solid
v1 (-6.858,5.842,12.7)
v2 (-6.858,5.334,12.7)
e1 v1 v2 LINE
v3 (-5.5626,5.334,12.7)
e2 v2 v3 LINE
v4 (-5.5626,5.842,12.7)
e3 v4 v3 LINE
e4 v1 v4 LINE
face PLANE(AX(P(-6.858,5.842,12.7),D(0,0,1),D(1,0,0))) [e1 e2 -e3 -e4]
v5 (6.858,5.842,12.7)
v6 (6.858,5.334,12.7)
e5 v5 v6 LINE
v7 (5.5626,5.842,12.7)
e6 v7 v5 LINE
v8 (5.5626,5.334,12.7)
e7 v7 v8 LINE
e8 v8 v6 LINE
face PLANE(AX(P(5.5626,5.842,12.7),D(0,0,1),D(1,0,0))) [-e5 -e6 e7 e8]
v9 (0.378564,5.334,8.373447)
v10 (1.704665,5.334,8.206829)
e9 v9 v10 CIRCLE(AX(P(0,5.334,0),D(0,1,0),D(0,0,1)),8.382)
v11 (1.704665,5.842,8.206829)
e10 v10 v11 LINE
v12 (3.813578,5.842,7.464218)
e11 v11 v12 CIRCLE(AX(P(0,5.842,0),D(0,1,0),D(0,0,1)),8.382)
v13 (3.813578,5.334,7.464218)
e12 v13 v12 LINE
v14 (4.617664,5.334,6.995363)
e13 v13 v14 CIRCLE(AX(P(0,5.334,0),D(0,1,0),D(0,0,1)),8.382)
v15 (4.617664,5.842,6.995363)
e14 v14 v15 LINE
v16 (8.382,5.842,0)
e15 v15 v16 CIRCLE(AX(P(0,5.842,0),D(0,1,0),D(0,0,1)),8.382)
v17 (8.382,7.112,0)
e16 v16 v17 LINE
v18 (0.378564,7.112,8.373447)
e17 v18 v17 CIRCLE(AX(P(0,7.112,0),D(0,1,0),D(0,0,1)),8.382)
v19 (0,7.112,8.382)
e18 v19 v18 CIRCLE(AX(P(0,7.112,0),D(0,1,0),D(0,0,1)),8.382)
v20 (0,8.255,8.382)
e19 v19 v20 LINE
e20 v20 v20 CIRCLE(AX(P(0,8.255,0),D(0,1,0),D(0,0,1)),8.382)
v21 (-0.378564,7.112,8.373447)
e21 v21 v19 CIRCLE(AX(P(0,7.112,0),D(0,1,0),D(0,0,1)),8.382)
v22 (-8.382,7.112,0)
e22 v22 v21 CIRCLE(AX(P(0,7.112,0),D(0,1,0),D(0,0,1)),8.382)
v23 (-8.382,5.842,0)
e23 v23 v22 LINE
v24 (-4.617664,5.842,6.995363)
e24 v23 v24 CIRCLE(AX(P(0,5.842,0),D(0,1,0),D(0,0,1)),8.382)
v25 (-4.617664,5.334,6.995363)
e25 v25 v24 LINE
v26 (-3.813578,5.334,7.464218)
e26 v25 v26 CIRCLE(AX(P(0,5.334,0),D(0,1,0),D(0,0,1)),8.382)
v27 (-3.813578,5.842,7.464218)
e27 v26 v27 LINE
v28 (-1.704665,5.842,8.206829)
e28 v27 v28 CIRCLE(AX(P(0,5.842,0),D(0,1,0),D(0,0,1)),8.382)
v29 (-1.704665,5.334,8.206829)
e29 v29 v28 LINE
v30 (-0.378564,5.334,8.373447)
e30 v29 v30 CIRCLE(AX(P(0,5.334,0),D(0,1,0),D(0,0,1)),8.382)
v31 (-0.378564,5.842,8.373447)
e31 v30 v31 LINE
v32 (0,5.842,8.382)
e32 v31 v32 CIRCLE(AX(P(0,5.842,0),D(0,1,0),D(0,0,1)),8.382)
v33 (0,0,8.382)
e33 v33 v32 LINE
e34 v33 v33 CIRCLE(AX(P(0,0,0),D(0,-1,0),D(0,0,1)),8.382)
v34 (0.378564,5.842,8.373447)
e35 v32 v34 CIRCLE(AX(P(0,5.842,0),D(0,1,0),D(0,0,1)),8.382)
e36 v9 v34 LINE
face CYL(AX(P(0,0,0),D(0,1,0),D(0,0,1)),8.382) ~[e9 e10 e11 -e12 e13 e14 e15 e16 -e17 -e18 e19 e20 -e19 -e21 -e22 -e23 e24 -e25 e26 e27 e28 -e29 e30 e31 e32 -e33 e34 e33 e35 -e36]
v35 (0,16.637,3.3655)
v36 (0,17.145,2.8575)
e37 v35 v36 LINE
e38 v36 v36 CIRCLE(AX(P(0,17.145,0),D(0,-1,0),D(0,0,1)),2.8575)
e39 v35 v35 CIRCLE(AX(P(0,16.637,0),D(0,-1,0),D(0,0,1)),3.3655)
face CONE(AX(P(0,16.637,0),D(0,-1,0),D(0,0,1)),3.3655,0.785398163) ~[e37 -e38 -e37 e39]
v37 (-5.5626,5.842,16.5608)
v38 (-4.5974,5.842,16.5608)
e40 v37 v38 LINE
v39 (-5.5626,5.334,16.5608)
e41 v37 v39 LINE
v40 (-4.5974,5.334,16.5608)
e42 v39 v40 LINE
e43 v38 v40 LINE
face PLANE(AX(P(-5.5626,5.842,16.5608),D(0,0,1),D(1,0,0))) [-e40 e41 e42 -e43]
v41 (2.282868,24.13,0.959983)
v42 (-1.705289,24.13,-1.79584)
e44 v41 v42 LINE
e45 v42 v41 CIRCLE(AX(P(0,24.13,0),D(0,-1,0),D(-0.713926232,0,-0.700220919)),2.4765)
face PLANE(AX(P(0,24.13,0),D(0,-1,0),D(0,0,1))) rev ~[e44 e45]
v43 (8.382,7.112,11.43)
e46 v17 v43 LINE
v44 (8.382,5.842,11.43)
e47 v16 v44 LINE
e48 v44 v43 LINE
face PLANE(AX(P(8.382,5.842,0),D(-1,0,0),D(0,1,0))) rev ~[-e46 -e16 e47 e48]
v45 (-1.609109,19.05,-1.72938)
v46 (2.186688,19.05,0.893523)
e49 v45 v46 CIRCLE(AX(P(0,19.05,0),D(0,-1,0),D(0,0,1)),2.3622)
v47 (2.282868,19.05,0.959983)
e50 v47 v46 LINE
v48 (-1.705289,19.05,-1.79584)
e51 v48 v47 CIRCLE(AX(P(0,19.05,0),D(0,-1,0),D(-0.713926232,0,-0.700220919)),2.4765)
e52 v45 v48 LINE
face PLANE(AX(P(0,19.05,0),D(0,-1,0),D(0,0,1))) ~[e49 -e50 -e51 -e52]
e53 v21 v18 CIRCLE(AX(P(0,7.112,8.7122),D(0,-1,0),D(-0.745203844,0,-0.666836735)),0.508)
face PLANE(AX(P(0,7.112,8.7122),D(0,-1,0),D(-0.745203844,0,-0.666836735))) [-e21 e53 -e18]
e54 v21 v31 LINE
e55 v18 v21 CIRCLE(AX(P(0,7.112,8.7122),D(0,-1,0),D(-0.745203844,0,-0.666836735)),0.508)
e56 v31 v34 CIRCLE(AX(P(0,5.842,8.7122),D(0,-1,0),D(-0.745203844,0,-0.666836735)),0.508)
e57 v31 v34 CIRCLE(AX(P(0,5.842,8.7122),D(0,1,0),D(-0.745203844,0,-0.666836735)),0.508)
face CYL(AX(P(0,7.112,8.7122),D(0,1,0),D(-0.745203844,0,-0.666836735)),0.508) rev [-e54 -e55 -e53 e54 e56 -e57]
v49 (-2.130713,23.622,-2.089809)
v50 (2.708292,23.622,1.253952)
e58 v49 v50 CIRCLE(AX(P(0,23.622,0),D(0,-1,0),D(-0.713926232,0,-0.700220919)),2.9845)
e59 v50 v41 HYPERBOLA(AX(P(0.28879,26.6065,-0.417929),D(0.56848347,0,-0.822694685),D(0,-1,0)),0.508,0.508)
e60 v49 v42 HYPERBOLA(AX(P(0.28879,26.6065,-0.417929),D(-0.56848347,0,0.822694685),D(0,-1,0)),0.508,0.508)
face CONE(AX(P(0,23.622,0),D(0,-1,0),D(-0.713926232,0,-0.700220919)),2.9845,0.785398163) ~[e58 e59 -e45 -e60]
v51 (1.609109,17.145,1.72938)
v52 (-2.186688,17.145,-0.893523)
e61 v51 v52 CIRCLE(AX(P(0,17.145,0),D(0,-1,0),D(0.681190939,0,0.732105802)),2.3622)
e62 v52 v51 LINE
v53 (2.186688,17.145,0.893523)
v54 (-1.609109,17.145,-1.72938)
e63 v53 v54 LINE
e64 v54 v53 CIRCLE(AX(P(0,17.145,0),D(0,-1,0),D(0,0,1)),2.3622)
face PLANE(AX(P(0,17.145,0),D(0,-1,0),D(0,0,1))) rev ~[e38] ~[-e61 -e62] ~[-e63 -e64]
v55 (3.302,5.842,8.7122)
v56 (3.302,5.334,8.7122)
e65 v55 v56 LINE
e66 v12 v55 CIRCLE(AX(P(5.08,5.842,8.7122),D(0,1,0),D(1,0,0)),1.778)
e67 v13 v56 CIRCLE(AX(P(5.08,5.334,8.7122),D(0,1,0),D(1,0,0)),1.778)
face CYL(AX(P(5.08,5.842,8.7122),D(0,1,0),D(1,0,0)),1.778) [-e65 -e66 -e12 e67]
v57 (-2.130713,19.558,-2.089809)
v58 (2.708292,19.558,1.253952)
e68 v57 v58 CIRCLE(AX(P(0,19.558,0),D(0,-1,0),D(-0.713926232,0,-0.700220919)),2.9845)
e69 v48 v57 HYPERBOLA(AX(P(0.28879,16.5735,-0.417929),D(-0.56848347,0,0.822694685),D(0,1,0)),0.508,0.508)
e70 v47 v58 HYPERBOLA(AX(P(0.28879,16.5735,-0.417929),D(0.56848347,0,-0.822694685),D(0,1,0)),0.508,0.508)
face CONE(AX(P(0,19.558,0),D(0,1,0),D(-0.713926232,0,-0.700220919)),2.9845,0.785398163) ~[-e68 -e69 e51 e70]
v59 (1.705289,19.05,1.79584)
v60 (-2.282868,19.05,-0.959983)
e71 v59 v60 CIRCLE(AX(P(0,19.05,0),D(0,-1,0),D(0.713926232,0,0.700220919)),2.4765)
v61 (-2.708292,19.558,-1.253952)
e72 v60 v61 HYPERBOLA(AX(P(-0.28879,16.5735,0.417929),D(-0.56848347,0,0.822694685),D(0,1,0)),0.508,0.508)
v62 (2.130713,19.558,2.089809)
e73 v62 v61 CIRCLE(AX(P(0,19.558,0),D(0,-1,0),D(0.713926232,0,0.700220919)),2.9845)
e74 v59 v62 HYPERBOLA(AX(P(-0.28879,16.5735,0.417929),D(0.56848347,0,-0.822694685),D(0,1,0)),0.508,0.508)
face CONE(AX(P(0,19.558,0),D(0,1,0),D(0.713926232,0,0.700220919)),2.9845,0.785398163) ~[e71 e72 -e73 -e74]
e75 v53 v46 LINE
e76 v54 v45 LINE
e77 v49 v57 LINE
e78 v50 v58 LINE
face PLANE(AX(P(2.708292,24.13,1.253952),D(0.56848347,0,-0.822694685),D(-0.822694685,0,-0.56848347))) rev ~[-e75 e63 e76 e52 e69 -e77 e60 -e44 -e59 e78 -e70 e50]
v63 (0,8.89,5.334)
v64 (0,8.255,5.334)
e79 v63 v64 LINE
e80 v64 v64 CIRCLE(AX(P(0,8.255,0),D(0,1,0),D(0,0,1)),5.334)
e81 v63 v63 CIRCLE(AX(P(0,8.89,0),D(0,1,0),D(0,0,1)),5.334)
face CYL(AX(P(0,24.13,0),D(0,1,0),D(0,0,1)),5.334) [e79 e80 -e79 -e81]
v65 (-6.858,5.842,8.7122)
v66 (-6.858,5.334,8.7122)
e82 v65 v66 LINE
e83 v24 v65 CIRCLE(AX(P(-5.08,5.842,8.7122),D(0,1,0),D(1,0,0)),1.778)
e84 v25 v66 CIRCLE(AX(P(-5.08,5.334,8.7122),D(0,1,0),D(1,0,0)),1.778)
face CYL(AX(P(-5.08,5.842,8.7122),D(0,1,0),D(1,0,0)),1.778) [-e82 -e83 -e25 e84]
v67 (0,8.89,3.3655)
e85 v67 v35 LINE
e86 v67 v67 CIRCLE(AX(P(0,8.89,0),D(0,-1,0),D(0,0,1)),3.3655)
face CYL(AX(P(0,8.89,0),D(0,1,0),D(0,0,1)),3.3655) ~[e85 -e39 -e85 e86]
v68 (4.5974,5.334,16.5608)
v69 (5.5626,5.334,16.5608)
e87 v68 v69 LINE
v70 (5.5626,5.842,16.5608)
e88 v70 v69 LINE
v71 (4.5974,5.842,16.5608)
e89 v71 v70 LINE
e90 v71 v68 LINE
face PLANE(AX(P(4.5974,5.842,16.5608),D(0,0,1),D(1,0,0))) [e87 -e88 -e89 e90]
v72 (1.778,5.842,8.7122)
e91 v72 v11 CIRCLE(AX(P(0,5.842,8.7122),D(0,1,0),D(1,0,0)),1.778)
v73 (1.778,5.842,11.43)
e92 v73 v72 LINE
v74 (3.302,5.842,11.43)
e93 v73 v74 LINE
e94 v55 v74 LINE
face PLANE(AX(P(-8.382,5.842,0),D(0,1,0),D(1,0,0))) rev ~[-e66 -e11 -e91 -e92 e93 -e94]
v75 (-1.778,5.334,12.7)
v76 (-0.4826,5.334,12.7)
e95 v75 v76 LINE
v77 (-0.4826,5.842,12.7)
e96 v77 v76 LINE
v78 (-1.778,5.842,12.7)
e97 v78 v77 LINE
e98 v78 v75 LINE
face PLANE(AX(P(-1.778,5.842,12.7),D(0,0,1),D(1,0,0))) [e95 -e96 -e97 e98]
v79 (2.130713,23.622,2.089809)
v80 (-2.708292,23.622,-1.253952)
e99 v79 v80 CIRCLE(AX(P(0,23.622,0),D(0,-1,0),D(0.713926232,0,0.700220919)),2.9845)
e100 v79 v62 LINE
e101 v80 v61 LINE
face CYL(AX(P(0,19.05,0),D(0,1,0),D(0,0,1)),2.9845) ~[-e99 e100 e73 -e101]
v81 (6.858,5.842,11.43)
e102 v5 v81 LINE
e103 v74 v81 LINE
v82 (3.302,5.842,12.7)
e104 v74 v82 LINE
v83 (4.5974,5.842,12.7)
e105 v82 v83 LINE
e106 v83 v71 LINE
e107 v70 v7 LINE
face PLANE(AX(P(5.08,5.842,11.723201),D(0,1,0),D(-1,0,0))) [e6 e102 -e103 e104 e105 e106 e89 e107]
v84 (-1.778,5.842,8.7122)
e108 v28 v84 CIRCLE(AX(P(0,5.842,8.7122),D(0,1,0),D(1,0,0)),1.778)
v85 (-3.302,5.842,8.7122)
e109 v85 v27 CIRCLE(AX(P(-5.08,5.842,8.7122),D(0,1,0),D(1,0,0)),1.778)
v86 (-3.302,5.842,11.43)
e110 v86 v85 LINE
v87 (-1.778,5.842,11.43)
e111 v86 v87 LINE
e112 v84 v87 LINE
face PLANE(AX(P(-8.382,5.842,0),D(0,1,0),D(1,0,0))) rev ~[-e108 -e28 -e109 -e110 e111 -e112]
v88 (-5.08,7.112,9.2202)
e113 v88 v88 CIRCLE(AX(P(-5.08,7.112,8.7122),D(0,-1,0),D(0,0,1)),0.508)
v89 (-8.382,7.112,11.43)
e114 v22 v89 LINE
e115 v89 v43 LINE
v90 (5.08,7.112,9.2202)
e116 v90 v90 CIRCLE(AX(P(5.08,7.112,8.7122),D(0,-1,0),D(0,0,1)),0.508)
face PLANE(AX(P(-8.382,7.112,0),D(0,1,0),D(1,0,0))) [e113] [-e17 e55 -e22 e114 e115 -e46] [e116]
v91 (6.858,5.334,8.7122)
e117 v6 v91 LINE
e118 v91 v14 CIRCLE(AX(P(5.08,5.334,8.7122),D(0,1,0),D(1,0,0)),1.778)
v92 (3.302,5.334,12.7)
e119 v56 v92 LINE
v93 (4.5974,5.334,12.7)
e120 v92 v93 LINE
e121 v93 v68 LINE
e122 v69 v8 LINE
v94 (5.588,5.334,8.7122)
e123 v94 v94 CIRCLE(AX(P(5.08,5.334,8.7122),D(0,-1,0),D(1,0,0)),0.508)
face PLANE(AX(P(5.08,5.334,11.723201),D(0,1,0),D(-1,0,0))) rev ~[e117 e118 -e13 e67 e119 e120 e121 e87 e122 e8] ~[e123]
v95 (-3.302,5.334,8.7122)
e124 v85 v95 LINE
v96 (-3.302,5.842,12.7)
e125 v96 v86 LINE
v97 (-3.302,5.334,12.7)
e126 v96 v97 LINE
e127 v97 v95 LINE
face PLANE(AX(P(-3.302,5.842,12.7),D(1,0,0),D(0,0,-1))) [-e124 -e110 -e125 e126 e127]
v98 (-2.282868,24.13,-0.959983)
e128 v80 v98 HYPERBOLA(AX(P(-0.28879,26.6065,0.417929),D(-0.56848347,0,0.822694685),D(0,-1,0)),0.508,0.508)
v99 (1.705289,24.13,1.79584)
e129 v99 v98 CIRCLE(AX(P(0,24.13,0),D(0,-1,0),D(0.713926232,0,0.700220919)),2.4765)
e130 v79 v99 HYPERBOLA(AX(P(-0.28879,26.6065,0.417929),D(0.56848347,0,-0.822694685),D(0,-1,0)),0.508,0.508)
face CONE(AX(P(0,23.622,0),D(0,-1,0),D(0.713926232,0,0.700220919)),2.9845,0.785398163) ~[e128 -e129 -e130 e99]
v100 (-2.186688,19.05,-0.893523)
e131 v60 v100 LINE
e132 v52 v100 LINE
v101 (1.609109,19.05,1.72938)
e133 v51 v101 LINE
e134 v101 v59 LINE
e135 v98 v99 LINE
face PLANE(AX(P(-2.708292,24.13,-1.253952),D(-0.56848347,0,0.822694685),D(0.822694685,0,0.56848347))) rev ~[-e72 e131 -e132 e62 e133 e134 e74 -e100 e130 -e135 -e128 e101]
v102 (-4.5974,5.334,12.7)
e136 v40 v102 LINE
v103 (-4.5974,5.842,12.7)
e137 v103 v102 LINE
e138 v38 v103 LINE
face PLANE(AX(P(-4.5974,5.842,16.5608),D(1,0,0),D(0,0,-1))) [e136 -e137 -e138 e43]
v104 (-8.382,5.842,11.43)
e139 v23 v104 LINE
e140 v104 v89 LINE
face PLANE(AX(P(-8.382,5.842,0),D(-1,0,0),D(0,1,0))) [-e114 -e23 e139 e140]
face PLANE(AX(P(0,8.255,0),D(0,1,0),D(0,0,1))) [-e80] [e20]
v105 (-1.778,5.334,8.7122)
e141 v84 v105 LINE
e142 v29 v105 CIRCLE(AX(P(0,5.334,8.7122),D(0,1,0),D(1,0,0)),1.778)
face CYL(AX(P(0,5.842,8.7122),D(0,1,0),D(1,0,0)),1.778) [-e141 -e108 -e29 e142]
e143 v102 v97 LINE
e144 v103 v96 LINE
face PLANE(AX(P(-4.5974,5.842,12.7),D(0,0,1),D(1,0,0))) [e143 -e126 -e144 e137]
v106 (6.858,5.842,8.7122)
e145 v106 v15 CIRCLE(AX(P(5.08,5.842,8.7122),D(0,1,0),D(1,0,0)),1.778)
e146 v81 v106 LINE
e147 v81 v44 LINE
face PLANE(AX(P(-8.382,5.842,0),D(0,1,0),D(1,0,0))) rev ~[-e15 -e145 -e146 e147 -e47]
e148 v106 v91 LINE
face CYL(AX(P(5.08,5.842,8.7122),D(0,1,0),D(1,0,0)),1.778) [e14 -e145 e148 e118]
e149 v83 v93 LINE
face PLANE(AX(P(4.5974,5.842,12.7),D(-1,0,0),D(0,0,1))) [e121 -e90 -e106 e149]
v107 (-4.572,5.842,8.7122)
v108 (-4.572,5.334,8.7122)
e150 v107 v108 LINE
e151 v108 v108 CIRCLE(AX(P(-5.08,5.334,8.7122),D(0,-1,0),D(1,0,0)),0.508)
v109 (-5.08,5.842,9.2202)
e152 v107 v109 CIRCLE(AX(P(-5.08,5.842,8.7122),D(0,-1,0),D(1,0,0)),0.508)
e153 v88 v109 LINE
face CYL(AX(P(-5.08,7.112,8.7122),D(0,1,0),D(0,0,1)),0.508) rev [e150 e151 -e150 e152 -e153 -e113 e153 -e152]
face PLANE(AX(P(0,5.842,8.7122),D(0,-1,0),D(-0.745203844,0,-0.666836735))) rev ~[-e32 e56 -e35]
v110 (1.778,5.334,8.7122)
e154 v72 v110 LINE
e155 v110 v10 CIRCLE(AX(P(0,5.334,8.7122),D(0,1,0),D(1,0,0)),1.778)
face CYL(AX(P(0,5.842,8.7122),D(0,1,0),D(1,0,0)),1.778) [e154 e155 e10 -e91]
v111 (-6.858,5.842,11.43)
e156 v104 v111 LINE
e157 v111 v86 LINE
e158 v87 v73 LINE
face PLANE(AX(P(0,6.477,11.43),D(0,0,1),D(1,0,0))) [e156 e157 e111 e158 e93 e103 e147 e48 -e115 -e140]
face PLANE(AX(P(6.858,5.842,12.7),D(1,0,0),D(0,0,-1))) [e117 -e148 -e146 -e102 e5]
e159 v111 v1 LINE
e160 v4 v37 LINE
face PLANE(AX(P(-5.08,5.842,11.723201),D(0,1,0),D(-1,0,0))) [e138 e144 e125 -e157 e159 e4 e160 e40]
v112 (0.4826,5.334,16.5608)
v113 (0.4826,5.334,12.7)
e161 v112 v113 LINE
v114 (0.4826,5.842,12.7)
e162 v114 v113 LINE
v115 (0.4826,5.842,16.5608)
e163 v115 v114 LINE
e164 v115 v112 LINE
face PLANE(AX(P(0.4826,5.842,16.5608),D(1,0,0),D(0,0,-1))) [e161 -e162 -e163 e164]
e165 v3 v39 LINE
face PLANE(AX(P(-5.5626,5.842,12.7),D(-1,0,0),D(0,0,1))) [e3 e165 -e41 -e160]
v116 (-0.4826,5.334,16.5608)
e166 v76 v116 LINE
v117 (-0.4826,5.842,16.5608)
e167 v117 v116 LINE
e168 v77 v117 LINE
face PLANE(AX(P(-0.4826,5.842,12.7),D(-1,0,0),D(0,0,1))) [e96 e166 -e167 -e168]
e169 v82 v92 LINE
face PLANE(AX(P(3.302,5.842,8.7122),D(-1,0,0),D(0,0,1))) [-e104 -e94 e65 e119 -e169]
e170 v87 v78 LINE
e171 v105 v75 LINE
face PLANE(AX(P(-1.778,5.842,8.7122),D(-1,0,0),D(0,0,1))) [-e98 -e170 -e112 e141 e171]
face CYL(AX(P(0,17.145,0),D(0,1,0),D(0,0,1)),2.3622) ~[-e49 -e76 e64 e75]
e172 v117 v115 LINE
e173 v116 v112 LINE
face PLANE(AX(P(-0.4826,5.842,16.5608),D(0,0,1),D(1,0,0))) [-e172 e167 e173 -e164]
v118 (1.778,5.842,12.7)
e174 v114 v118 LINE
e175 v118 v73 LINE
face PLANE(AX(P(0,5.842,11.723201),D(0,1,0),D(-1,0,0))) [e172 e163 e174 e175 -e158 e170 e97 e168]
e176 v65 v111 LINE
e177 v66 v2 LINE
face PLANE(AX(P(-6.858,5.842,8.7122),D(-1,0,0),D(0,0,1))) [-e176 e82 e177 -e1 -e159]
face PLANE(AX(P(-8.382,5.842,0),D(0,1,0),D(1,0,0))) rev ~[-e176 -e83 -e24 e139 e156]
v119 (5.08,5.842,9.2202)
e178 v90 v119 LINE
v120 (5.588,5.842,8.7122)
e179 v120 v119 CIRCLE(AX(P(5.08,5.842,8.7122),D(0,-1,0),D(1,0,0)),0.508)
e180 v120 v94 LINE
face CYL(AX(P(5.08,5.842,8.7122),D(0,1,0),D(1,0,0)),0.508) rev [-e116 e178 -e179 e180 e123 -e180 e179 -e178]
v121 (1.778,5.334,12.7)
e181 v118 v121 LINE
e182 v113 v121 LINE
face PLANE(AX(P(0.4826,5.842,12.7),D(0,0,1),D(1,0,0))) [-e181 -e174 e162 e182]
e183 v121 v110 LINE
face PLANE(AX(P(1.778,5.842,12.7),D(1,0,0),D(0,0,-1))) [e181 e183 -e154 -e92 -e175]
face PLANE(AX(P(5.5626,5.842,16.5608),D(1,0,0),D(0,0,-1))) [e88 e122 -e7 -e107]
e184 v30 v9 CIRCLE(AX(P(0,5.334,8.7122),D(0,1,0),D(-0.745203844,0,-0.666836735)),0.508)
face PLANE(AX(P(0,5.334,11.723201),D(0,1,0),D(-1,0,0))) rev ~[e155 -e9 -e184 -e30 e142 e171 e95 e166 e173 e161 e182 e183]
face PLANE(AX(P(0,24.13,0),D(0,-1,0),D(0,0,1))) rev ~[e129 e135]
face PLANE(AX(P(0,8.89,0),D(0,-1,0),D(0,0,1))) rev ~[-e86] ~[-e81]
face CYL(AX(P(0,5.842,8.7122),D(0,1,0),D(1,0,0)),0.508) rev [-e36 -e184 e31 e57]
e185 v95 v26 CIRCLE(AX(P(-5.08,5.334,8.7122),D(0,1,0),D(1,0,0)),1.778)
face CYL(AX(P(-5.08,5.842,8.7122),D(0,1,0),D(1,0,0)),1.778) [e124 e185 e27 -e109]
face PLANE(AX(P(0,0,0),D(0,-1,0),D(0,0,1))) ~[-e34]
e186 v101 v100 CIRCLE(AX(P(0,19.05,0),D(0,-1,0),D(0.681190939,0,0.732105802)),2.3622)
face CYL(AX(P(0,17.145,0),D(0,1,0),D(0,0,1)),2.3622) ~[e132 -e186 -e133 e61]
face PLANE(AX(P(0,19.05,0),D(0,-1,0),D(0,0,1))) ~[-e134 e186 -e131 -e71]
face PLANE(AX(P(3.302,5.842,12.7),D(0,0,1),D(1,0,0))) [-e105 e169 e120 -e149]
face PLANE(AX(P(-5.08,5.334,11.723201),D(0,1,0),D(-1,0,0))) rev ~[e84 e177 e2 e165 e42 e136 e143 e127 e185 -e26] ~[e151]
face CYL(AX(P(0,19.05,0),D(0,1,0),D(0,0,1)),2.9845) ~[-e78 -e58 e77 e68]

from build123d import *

# Parameters (mm, degrees)
SKETCH2_W           = 16.764
SKETCH2_H           = 1.27
BOSS_EXTRUDE1_DEPTH = 11.43
SKETCH3_R           = 0.508
BOSS_EXTRUDE2_DEPTH = 0.508
SKETCH5_R           = 8.382
SKETCH5_R_2         = 5.334
CUT_EXTRUDE2_DEPTH  = 15.875
LPATTERN1_COUNT     = 2
LPATTERN1_PITCH     = 5.08
LPATTERN2_COUNT     = 2
LPATTERN2_PITCH     = 5.08
CUT_EXTRUDE3_START  = -1.27
SKETCH7_R           = 0.508
CUT_EXTRUDE3_DEPTH  = 1.27
CUT_EXTRUDE4_DEPTH  = 6.985
CHAMFER1_SIZE       = 0.508


with BuildPart() as part:
    # Sketch1 → Base-Revolve (revolve)
    with BuildSketch(Plane.XY, mode=Mode.PRIVATE) as base_revolve_sk:
        Polygon((0, 0), (8.382, 0), (8.382, 8.89), (3.3655, 8.89), (3.3655, 17.145), (2.3622, 17.145), (2.3622, 19.05), (2.9845, 19.05), (2.9845, 24.13), (0, 24.13), align=None)
    revolve(base_revolve_sk.sketch.rotate(Axis((0, 0, 0), (0, -1, 0)), 90), axis=Axis((0, 0, 0), (0, -1, 0)))

    # Sketch2 → Boss-Extrude1 (add)
    with BuildSketch(Plane.XY):
        with Locations((0, 6.477)):
            Rectangle(SKETCH2_W, SKETCH2_H)
    extrude(amount=BOSS_EXTRUDE1_DEPTH)

    # Sketch3 → Boss-Extrude2 (add)
    with BuildSketch(Plane.XZ.offset(-5.842)):
        with BuildLine():
            Line((-1.778, 12.7), (-0.4826, 12.7))
            Line((-0.4826, 12.7), (-0.4826, 16.5608))
            Line((-0.4826, 16.5608), (0.4826, 16.5608))
            Line((0.4826, 16.5608), (0.4826, 12.7))
            Line((0.4826, 12.7), (1.778, 12.7))
            Line((1.778, 12.7), (1.778, 8.7122))
            ThreePointArc((1.778, 8.7122), (0, 6.9342), (-1.778, 8.7122))
            Line((-1.778, 8.7122), (-1.778, 12.7))
        make_face()
        with Locations((0, 8.7122)):
            Circle(SKETCH3_R, mode=Mode.SUBTRACT)
    boss_extrude2 = extrude(amount=BOSS_EXTRUDE2_DEPTH)

    # Sketch5 → Cut-Extrude2 (cut)
    with BuildSketch(Plane(origin=(0, 24.13, 0), x_dir=(-1, 0, 0), z_dir=(0, 1, 0))):
        with Locations(Location((0, 0, 0), (0, 0, 90))):
            Circle(SKETCH5_R)
        with Locations(Location((0, 0, 0), (0, 0, 90))):
            Circle(SKETCH5_R_2, mode=Mode.SUBTRACT)
    extrude(amount=-CUT_EXTRUDE2_DEPTH, mode=Mode.SUBTRACT)

    # LPattern1: Boss-Extrude2 ×2
    with Locations(*[(-i * LPATTERN1_PITCH, 0, 0) for i in range(1, LPATTERN1_COUNT)]):
        add(boss_extrude2)

    # LPattern2: Boss-Extrude2 ×2
    with Locations(*[(i * LPATTERN2_PITCH, 0, 0) for i in range(1, LPATTERN2_COUNT)]):
        add(boss_extrude2)

    # Sketch7 → Cut-Extrude3 (cut)
    with BuildSketch(Plane.XZ.offset(-5.842).offset(CUT_EXTRUDE3_START)):
        with Locations(Location((-5.08, 8.7122, 0), (0, 0, 90))):
            Circle(SKETCH7_R)
        with Locations(Location((0, 8.7122, 0), (0, 0, 221.82338942))):
            Circle(SKETCH7_R)
        with Locations(Location((5.08, 8.7122, 0), (0, 0, 90))):
            Circle(SKETCH7_R)
    extrude(amount=CUT_EXTRUDE3_DEPTH, mode=Mode.SUBTRACT)

    # Sketch8 → Cut-Extrude4 (cut)
    with BuildSketch(Plane(origin=(0, 24.13, 0), x_dir=(-1, 0, 0), z_dir=(0, 1, 0))):
        with BuildLine():
            Line((-2.708292046, 1.253951532), (2.13071284, -2.089809331))
            ThreePointArc((2.13071284, -2.089809331), (2.455332287, -1.696638916), (2.708292046, -1.253951532))
            Line((2.708292046, -1.253951532), (-2.13071284, 2.089809331))
            ThreePointArc((-2.13071284, 2.089809331), (-2.455332287, 1.696638916), (-2.708292046, 1.253951532))
        make_face()
    extrude(amount=-CUT_EXTRUDE4_DEPTH, mode=Mode.SUBTRACT)

    # Chamfer1
    chamfer1_edges = [part.edges().sort_by_distance(p)[0] for p in [
        (1.696638916, 24.13, -2.455332287),
        (-2.51492133, 24.13, 1.606988162),
        (1.696638916, 19.05, -2.455332287),
        (-2.51492133, 19.05, 1.606988162),
        (0, 17.145, -3.3655),
    ]]
    chamfer(chamfer1_edges, length=CHAMFER1_SIZE)


solid = part.part
